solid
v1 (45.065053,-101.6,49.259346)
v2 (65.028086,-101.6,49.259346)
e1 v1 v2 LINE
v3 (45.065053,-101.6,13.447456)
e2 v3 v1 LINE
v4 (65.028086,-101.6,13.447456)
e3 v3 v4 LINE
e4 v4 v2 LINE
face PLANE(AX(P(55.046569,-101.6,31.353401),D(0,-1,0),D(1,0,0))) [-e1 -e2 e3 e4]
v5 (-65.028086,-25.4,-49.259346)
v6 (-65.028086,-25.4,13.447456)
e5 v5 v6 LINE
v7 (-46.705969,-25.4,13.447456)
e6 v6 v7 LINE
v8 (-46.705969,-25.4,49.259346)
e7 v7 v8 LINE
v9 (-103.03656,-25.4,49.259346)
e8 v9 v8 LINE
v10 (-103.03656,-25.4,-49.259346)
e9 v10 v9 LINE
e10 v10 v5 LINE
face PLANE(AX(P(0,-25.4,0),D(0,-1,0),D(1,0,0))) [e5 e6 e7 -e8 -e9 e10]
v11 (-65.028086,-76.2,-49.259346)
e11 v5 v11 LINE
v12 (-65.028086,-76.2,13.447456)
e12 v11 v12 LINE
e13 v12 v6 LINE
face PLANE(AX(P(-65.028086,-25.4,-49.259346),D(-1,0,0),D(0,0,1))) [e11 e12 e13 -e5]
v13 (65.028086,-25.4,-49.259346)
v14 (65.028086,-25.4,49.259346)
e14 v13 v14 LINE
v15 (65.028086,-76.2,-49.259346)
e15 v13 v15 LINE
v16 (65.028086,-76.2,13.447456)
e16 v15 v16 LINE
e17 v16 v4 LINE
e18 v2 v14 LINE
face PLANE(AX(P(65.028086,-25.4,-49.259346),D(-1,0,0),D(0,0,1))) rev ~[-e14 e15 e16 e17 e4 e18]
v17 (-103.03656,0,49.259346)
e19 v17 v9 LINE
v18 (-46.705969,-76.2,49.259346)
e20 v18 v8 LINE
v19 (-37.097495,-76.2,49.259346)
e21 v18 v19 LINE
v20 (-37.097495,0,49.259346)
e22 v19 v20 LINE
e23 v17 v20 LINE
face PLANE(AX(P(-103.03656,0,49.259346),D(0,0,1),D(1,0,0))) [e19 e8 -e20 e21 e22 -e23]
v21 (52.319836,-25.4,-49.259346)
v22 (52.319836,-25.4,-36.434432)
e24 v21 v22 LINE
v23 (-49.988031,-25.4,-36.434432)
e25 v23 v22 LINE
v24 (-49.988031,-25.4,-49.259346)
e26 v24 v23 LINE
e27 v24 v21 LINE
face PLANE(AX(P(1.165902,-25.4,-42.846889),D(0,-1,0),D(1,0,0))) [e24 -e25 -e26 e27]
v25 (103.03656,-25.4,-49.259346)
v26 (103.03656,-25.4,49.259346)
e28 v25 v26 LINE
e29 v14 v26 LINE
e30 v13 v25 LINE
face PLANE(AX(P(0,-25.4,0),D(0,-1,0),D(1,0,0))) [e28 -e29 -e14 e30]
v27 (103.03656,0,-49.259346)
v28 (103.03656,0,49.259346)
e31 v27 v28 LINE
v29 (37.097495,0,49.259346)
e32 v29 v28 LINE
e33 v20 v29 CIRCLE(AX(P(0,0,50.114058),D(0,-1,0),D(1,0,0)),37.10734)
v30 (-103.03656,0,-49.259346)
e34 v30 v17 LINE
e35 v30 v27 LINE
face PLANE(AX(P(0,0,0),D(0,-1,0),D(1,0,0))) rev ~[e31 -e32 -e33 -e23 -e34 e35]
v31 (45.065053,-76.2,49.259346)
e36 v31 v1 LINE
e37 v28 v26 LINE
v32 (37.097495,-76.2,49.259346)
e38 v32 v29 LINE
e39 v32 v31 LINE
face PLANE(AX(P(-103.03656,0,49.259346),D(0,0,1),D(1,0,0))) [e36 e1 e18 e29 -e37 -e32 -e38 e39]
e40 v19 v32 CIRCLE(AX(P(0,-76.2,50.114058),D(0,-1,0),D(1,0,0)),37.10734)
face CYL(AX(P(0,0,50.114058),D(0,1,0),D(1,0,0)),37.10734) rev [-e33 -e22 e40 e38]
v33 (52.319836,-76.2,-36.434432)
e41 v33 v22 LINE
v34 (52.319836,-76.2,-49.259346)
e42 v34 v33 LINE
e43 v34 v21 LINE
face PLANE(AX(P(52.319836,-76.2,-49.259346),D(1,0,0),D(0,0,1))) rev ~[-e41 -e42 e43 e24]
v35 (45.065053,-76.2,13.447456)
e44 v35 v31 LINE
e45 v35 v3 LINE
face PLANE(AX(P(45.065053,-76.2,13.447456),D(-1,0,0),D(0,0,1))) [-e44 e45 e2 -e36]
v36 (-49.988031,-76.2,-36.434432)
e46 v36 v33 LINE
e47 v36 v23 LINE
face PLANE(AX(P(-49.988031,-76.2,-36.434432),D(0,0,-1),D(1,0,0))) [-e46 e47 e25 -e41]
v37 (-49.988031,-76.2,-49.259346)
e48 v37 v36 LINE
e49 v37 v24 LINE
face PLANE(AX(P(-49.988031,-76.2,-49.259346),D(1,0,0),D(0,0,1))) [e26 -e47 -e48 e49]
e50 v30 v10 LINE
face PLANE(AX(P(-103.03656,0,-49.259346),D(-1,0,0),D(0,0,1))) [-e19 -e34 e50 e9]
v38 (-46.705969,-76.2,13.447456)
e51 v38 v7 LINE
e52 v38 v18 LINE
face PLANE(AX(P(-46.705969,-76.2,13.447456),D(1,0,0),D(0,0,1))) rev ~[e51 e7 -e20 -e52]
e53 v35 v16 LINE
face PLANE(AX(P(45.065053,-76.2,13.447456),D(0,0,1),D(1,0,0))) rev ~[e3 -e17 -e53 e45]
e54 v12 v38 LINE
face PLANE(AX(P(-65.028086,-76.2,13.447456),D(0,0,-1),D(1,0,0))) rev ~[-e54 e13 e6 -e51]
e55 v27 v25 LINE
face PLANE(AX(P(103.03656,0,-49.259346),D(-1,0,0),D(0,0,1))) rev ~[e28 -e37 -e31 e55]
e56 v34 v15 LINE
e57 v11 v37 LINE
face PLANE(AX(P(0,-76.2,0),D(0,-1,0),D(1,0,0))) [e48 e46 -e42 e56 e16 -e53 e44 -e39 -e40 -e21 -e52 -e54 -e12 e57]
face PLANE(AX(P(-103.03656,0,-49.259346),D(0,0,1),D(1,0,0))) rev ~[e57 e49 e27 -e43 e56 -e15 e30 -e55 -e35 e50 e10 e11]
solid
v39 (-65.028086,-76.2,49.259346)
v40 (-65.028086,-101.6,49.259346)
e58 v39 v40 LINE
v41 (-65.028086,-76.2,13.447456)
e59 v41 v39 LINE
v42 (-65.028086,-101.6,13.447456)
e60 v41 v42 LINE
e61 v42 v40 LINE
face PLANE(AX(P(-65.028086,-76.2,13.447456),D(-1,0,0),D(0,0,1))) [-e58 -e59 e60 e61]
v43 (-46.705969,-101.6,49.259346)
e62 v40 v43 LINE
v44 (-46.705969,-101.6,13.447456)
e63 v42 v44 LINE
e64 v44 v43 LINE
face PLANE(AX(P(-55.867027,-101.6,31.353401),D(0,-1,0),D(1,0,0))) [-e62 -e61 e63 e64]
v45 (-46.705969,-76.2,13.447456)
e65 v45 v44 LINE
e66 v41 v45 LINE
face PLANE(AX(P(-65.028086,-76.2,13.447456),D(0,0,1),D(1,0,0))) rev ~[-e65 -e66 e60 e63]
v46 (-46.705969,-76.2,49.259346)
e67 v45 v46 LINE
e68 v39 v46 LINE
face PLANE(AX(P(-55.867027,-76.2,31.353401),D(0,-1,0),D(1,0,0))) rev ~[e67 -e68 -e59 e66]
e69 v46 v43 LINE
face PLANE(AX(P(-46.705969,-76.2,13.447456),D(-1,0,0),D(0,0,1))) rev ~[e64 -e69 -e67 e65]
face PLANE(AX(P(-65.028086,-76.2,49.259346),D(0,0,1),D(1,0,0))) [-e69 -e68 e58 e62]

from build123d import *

# Parameters (mm, degrees)
F0_W      = 206.0731202364
F0_H      = 98.518691957
F1_DEPTH  = 25.4
F2_W      = 130.0561721606
F2_H      = 98.518691957
F3_DEPTH  = 50.8
F4_W      = 102.3078672588
F4_H      = 12.8249134868
F5_DEPTH  = 50.8
F6_R      = 37.1073402664
F7_DEPTH  = 76.2
F8_W      = 18.3221174023
F8_H      = 35.8118899167
F9_DEPTH  = 50.8
F8_W_2    = 19.963033273
F10_DEPTH = 25.4


with BuildPart() as f1:
    # F0 (on Front) → F1 (new body)
    with BuildSketch(Plane.XZ):
        Rectangle(F0_W, F0_H)
    extrude(amount=F1_DEPTH)

    # F2 (on face) → F3 (join)
    with BuildSketch(Plane.XZ.offset(25.4)):
        Rectangle(F2_W, F2_H)
    extrude(amount=F3_DEPTH)

    # F4 (on face) → F5 (cut)
    with BuildSketch(Plane.XZ.offset(76.2)):
        with Locations((1.1659022421, -42.8468892351)):
            Rectangle(F4_W, F4_H)
    extrude(amount=-F5_DEPTH, mode=Mode.SUBTRACT)

    # F6 (on Front) → F7 (cut)
    with BuildSketch(Plane.XZ):
        with Locations((0, 50.1140579581)):
            Circle(F6_R)
    extrude(amount=F7_DEPTH, mode=Mode.SUBTRACT)

    # F8 (on face) → F9 (cut)
    with BuildSketch(Plane.XZ.offset(76.2)):
        with Locations((-55.8670273792, 31.3534010202)):
            Rectangle(F8_W, F8_H)
    extrude(amount=-F9_DEPTH, mode=Mode.SUBTRACT)

    # F8 (on face) → F10 (join)
    with BuildSketch(Plane.XZ.offset(76.2)):
        with Locations((-55.8670273792, 31.3534010202)):
            Rectangle(F8_W, F8_H)
        with Locations((55.0465694438, 31.3534010202)):
            Rectangle(F8_W_2, F8_H)
    extrude(amount=F10_DEPTH)


solid = f1.part
